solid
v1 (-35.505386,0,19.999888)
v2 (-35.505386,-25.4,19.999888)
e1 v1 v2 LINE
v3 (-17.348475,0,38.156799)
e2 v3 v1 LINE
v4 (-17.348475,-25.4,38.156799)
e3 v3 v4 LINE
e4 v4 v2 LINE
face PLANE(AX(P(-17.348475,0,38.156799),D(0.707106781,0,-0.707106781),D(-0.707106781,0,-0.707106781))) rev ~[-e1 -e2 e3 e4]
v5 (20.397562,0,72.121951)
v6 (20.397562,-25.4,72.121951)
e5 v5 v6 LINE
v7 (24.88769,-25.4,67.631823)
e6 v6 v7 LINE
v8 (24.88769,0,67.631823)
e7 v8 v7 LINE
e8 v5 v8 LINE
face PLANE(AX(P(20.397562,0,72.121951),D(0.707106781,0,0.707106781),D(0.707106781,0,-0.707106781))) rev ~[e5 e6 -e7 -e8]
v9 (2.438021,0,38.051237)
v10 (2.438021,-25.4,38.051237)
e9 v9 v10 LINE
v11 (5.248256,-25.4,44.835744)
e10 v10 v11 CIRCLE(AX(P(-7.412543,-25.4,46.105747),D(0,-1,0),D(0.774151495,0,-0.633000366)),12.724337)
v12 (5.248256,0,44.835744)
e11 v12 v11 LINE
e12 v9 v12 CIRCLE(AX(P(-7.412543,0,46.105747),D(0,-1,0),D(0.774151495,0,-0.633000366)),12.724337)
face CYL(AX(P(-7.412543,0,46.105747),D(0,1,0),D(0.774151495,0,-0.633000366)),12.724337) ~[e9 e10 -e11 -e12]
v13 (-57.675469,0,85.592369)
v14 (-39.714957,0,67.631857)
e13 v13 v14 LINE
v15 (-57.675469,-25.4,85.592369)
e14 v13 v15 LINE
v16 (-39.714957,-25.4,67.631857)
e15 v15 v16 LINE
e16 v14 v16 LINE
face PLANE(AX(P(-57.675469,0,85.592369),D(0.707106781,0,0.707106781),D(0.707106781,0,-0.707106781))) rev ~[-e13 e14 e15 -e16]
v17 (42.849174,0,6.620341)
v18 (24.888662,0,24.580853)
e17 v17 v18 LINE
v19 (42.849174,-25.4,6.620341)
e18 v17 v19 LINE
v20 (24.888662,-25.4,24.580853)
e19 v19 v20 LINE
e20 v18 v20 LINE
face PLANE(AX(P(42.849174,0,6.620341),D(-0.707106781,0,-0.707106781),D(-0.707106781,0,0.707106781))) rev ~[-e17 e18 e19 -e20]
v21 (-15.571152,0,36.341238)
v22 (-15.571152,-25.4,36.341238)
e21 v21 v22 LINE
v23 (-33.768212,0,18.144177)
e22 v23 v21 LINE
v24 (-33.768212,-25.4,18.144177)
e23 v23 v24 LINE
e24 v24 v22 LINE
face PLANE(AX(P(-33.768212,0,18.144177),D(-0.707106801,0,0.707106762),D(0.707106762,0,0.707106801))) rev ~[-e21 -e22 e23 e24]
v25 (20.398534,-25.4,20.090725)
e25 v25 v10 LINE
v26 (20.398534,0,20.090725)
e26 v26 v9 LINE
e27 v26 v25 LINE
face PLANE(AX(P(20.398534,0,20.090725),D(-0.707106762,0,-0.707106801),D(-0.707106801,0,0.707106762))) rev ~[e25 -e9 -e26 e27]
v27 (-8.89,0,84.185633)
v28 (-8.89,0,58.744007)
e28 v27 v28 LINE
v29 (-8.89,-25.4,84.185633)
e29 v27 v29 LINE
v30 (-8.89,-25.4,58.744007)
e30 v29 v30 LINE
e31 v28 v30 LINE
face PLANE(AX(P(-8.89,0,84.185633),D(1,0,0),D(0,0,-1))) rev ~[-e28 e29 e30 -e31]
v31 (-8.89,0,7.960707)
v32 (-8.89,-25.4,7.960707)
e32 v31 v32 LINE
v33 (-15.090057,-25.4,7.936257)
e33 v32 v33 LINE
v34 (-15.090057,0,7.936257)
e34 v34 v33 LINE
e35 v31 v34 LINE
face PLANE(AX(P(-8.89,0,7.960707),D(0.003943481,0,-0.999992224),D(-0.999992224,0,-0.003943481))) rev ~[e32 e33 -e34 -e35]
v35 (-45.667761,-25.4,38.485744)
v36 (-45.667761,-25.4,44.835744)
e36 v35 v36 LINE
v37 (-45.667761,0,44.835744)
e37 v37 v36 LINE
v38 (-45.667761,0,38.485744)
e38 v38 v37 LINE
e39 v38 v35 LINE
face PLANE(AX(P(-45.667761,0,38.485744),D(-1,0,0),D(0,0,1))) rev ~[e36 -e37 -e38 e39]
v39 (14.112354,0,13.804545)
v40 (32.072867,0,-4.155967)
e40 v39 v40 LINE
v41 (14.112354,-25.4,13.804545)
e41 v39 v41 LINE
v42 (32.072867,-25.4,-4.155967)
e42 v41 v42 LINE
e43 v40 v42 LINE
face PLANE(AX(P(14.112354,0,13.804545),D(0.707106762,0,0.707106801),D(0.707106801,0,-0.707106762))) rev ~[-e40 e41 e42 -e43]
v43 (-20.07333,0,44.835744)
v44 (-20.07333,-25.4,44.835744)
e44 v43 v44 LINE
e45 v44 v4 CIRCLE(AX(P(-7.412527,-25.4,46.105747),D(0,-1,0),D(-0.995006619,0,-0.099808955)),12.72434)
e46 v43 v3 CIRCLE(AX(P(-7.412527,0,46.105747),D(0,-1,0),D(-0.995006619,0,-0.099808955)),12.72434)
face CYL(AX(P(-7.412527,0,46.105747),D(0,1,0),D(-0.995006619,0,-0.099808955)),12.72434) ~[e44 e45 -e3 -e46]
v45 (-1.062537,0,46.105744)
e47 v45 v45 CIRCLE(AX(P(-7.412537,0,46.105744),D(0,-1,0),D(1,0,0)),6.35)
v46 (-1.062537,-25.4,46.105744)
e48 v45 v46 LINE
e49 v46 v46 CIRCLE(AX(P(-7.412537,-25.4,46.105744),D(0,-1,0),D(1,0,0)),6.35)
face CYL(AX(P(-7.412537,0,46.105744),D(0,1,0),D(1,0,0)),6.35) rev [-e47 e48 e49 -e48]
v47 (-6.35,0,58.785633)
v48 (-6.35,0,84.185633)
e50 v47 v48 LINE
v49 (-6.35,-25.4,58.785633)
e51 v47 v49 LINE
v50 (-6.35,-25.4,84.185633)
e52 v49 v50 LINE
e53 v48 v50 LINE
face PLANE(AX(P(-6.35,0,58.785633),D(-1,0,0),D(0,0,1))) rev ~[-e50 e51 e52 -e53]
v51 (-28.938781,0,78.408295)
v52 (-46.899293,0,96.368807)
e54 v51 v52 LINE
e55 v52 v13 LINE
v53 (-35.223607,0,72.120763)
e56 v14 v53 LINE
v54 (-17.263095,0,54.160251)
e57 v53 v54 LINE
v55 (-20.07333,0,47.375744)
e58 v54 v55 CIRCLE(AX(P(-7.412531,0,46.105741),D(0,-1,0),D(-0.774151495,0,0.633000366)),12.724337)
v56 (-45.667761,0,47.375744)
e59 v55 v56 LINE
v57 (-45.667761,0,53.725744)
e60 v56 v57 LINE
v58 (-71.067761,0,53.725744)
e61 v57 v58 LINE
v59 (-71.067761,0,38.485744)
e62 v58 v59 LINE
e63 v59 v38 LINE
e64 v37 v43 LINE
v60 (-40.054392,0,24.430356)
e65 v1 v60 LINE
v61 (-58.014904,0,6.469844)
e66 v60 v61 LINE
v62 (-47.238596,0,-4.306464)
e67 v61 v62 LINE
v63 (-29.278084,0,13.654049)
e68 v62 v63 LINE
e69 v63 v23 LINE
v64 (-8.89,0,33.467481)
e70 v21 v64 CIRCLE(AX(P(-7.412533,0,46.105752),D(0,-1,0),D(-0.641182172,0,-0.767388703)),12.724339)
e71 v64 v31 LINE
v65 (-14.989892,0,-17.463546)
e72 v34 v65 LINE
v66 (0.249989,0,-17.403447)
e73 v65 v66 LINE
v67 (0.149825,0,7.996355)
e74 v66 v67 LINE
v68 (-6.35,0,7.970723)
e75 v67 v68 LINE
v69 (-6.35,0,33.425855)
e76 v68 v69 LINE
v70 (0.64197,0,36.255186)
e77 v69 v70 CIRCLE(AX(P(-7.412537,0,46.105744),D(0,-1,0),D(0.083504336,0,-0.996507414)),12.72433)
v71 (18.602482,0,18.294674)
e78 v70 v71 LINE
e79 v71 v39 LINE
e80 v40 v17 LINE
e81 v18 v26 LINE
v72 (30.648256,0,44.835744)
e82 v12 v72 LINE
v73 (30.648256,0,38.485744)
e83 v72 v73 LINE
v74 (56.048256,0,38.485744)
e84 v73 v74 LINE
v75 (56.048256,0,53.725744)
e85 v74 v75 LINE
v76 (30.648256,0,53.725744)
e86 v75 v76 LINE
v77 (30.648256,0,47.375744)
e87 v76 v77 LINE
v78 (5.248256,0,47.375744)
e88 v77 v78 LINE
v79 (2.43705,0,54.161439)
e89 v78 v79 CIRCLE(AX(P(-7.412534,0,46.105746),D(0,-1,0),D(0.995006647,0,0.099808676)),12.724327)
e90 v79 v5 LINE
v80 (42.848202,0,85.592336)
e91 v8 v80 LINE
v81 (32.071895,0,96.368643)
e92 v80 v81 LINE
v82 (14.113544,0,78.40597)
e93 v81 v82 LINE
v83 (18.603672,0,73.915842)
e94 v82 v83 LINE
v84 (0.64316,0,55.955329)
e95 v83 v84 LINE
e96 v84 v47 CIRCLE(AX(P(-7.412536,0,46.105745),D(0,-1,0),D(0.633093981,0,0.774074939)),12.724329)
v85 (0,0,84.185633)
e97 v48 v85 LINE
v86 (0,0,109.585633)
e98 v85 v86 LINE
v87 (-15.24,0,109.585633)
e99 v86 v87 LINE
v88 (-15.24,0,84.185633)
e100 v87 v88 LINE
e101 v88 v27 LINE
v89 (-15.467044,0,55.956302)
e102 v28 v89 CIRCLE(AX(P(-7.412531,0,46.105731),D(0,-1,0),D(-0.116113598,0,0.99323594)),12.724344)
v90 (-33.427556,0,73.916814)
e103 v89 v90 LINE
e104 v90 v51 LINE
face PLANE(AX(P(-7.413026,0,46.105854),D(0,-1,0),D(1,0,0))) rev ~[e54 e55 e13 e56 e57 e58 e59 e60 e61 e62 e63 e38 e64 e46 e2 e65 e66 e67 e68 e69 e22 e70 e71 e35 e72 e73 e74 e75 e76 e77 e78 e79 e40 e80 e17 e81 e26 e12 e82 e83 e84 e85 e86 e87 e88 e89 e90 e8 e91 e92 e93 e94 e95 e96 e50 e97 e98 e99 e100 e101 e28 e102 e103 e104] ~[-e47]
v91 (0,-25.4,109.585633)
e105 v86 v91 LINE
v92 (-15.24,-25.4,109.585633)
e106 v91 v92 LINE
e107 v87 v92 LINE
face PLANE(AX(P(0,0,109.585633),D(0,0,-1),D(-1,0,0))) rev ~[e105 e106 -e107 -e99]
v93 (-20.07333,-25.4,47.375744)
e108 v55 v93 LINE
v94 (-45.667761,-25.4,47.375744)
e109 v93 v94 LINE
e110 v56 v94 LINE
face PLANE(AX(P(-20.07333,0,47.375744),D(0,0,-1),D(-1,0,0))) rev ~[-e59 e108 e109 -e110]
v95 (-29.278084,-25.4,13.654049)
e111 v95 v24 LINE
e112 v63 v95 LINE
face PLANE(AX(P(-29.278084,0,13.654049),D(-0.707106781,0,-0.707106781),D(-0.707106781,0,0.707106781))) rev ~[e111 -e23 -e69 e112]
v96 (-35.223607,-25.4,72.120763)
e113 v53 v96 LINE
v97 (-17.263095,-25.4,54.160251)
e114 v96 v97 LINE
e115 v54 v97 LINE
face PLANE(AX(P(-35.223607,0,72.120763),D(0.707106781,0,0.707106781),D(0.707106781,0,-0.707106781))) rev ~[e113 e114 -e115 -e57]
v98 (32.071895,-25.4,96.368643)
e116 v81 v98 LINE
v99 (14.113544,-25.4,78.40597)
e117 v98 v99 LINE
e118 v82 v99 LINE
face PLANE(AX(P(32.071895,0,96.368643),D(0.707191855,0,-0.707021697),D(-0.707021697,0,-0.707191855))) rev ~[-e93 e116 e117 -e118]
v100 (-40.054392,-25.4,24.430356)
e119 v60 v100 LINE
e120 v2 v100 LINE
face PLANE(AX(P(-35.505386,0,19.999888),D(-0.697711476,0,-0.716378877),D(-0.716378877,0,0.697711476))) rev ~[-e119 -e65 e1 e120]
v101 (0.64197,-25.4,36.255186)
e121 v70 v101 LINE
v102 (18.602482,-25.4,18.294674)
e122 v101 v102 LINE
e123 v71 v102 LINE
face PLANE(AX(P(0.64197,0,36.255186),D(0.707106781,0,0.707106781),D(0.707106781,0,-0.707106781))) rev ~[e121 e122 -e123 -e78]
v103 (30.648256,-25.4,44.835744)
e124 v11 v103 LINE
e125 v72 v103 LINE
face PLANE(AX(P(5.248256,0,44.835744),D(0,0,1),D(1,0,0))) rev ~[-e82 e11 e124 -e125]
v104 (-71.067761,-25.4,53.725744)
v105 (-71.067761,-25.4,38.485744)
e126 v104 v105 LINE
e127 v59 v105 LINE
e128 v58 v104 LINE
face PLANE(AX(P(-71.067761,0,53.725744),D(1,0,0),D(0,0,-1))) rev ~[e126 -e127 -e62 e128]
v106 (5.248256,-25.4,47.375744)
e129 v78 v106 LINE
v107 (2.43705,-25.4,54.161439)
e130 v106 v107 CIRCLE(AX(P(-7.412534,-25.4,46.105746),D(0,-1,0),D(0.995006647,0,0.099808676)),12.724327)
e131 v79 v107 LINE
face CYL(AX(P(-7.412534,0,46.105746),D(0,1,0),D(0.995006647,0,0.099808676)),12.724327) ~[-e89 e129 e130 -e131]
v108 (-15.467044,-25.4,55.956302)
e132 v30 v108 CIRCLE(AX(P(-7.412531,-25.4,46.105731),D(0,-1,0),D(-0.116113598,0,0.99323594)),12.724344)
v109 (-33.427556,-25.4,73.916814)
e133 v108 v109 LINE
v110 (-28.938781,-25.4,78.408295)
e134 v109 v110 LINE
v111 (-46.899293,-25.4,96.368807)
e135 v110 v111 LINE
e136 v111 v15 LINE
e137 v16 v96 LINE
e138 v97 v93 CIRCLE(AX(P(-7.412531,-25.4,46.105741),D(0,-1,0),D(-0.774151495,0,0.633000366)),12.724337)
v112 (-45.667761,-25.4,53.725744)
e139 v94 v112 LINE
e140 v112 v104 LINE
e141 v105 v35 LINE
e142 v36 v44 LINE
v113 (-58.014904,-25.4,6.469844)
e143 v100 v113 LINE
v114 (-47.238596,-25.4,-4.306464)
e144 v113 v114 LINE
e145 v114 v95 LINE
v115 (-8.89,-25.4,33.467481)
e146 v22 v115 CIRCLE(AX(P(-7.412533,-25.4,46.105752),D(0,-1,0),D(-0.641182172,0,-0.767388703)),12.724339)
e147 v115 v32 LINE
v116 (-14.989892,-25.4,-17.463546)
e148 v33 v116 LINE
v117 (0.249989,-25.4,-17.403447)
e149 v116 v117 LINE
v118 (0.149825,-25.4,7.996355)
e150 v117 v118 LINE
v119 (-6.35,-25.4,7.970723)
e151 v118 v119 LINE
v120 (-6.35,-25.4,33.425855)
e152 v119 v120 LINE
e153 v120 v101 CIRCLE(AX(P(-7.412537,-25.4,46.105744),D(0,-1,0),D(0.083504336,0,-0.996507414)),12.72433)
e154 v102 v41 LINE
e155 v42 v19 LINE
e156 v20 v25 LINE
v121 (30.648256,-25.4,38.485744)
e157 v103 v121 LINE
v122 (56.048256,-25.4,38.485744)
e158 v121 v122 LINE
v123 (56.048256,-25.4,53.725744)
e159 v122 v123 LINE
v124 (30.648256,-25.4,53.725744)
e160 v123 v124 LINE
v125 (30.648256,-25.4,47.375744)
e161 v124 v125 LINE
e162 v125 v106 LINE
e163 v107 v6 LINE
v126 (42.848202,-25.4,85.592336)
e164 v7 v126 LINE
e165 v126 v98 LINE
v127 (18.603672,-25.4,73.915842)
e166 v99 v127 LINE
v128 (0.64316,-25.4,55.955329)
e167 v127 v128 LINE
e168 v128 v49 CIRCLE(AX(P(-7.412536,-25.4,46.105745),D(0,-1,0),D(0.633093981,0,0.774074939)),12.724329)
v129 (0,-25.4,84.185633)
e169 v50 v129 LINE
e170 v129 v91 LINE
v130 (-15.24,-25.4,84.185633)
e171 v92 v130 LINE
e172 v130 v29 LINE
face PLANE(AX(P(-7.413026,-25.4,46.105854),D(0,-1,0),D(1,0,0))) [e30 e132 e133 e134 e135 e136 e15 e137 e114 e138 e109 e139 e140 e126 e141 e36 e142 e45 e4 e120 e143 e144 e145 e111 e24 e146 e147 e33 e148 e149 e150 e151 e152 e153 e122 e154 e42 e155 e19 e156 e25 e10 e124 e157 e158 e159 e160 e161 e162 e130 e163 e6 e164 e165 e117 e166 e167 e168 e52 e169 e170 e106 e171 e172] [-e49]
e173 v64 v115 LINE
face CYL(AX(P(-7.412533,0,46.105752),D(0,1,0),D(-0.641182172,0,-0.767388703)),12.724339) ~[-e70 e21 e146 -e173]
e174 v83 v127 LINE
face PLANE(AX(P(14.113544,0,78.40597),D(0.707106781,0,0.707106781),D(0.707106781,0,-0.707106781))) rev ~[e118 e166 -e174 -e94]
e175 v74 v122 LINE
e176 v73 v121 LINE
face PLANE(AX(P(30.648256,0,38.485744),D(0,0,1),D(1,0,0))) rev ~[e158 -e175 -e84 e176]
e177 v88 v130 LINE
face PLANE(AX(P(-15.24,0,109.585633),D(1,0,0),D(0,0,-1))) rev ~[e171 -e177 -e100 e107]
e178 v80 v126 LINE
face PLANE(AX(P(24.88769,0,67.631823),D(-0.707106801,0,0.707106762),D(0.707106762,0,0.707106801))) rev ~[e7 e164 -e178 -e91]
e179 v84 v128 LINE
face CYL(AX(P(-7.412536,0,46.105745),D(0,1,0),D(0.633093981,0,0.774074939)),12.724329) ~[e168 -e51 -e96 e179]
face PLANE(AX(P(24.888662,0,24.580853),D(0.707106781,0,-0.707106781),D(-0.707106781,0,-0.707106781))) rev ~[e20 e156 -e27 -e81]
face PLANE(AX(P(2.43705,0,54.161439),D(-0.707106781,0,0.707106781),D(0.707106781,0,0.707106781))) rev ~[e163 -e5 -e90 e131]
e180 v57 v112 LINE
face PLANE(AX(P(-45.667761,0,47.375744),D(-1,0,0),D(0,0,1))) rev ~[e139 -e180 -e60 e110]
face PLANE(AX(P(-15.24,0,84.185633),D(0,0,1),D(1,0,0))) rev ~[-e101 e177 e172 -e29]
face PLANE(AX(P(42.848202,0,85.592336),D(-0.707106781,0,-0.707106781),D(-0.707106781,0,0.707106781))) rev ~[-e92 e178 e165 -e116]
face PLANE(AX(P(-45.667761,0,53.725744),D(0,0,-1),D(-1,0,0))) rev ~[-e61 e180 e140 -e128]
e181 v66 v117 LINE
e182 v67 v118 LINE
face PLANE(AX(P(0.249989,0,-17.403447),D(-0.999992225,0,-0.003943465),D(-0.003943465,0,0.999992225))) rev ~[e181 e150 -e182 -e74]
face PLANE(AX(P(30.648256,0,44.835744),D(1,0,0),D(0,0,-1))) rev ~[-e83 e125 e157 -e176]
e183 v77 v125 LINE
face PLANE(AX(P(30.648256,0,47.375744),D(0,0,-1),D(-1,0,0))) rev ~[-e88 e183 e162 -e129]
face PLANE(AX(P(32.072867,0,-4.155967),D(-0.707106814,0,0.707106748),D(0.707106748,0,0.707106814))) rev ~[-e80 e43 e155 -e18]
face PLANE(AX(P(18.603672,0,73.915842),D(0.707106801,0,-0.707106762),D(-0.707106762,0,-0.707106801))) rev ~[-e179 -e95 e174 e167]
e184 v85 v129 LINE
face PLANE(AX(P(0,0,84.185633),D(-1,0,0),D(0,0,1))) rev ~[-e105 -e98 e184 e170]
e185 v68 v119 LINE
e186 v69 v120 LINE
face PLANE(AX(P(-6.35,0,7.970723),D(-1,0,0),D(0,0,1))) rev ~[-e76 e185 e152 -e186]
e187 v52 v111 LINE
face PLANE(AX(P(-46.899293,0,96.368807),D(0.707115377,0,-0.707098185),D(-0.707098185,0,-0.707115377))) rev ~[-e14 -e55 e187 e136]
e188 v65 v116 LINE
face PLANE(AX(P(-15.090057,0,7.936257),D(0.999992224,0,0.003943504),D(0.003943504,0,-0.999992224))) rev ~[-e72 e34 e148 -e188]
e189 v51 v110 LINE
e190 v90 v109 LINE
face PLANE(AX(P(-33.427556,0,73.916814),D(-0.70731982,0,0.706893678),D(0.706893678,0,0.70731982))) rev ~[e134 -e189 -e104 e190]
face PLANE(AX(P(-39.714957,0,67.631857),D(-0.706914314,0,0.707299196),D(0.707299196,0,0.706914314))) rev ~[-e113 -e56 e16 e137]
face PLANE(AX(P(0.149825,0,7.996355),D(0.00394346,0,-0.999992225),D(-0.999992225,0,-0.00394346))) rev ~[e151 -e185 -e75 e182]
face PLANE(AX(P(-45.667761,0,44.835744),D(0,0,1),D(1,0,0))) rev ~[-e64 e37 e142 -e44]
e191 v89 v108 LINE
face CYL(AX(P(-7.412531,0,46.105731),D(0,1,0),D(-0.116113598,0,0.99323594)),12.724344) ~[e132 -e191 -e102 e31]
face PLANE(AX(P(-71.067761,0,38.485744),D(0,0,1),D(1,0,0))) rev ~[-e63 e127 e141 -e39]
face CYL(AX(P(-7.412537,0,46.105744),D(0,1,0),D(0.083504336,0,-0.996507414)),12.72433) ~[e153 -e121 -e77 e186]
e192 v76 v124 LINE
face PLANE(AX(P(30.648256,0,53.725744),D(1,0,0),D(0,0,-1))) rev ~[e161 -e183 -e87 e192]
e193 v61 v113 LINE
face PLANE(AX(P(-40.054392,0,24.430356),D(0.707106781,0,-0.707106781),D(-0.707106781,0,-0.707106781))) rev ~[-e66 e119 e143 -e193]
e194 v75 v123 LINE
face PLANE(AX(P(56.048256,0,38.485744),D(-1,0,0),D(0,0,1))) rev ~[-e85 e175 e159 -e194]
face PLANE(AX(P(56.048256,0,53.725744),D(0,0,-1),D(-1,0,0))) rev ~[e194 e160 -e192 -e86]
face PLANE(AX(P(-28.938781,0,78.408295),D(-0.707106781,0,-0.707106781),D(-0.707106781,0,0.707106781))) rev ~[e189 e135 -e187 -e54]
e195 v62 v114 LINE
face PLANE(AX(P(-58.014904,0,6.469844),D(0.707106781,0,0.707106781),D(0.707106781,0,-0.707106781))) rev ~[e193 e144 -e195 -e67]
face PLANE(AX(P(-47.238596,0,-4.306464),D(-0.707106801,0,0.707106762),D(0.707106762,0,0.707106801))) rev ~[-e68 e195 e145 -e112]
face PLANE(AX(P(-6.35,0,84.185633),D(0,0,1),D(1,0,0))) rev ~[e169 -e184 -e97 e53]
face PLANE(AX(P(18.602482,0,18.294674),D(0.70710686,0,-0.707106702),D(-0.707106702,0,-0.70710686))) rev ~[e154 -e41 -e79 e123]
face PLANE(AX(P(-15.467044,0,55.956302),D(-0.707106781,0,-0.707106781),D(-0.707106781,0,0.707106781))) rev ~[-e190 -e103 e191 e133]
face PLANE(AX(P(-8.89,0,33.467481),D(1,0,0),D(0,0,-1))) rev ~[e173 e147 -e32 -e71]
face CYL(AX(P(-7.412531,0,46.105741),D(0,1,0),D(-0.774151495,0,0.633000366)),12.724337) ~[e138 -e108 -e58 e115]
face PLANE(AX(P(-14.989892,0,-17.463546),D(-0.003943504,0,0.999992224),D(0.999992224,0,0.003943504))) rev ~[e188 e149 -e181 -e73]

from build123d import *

# Parameters (mm, degrees)
F0_R     = 6.35
F1_DEPTH = 25.4


with BuildPart() as f1:
    # F0 (on Front) → F1 (new body)
    with BuildSketch(Plane.XZ):
        with BuildLine():
            ThreePointArc((5.248256, 44.835744), (5.295899, 45.46995), (5.311793, 46.105744))
            ThreePointArc((5.311793, 46.105744), (5.295899, 46.741538), (5.248256, 47.375744))
            ThreePointArc((5.248256, 47.375744), (4.342918, 50.975843), (2.43705, 54.161439))
            ThreePointArc((2.43705, 54.161439), (1.584924, 55.103204), (0.64316, 55.955329))
            ThreePointArc((0.64316, 55.955329), (-2.638838, 57.900674), (-6.35, 58.785633))
            ThreePointArc((-6.35, 58.785633), (-7.621041, 58.828366), (-8.89, 58.744007))
            ThreePointArc((-8.89, 58.744007), (-12.378162, 57.821167), (-15.467044, 55.956302))
            ThreePointArc((-15.467044, 55.956302), (-16.409997, 55.103204), (-17.263095, 54.160251))
            ThreePointArc((-17.263095, 54.160251), (-19.168285, 50.975134), (-20.07333, 47.375744))
            ThreePointArc((-20.07333, 47.375744), (-20.136867, 46.105744), (-20.07333, 44.835744))
            ThreePointArc((-20.07333, 44.835744), (-19.194096, 41.29914), (-17.348475, 38.156799))
            ThreePointArc((-17.348475, 38.156799), (-16.505241, 37.204547), (-15.571152, 36.341238))
            ThreePointArc((-15.571152, 36.341238), (-12.440272, 34.416841), (-8.89, 33.467481))
            ThreePointArc((-8.89, 33.467481), (-7.621041, 33.383122), (-6.35, 33.425855))
            ThreePointArc((-6.35, 33.425855), (-2.63955, 34.310526), (0.64197, 36.255186))
            ThreePointArc((0.64197, 36.255186), (1.584923, 37.108284), (2.438021, 38.051237))
            ThreePointArc((2.438021, 38.051237), (4.343211, 41.236354), (5.248256, 44.835744))
        make_face()
        with Locations((-7.412537, 46.105744)):
            Circle(F0_R, mode=Mode.SUBTRACT)
        with BuildLine():
            ThreePointArc((5.248256, 47.375744), (5.295899, 46.741538), (5.311793, 46.105744))
            ThreePointArc((5.311793, 46.105744), (5.295899, 45.46995), (5.248256, 44.835744))
            Line((5.248256, 44.835744), (30.648256, 44.835744))
            Line((30.648256, 44.835744), (30.648256, 47.375744))
            Line((30.648256, 47.375744), (5.248256, 47.375744))
        make_face()
        with BuildLine():
            ThreePointArc((0.64316, 55.955329), (1.584924, 55.103204), (2.43705, 54.161439))
            Line((2.43705, 54.161439), (20.397562, 72.121951))
            Line((20.397562, 72.121951), (18.603672, 73.915842))
            Line((18.603672, 73.915842), (0.64316, 55.955329))
        make_face()
        Polygon((30.648256, 53.725744), (30.648256, 47.375744), (30.648256, 44.835744), (30.648256, 38.485744), (56.048256, 38.485744), (56.048256, 53.725744), align=None)
        with BuildLine():
            Line((20.398534, 20.090725), (2.438021, 38.051237))
            ThreePointArc((2.438021, 38.051237), (1.584923, 37.108284), (0.64197, 36.255186))
            Line((0.64197, 36.255186), (18.602482, 18.294674))
            Line((18.602482, 18.294674), (20.398534, 20.090725))
        make_face()
        Polygon((18.603672, 73.915842), (20.397562, 72.121951), (24.88769, 67.631823), (42.848202, 85.592336), (32.071895, 96.368643), (14.113544, 78.40597), align=None)
        Polygon((24.888662, 24.580853), (20.398534, 20.090725), (18.602482, 18.294674), (14.112354, 13.804545), (32.072867, -4.155967), (42.849174, 6.620341), align=None)
        with BuildLine():
            ThreePointArc((-8.89, 58.744007), (-7.621041, 58.828366), (-6.35, 58.785633))
            Line((-6.35, 58.785633), (-6.35, 84.185633))
            Line((-6.35, 84.185633), (-8.89, 84.185633))
            Line((-8.89, 84.185633), (-8.89, 58.744007))
        make_face()
        with BuildLine():
            Line((-6.35, 7.970723), (-6.35, 33.425855))
            ThreePointArc((-6.35, 33.425855), (-7.621041, 33.383122), (-8.89, 33.467481))
            Line((-8.89, 33.467481), (-8.89, 7.960707))
            Line((-8.89, 7.960707), (-6.35, 7.970723))
        make_face()
        Polygon((-8.89, 84.185633), (-6.35, 84.185633), (0, 84.185633), (0, 109.585633), (-15.24, 109.585633), (-15.24, 84.185633), align=None)
        Polygon((0.149825, 7.996355), (-6.35, 7.970723), (-8.89, 7.960707), (-15.090057, 7.936257), (-14.989892, -17.463546), (0.249989, -17.403447), align=None)
        with BuildLine():
            ThreePointArc((-17.263095, 54.160251), (-16.409997, 55.103204), (-15.467044, 55.956302))
            Line((-15.467044, 55.956302), (-33.427556, 73.916814))
            Line((-33.427556, 73.916814), (-35.223607, 72.120763))
            Line((-35.223607, 72.120763), (-17.263095, 54.160251))
        make_face()
        with BuildLine():
            Line((-33.768212, 18.144177), (-15.571152, 36.341238))
            ThreePointArc((-15.571152, 36.341238), (-16.505241, 37.204547), (-17.348475, 38.156799))
            Line((-17.348475, 38.156799), (-35.505386, 19.999888))
            Line((-35.505386, 19.999888), (-33.768212, 18.144177))
        make_face()
        Polygon((-35.223607, 72.120763), (-33.427556, 73.916814), (-28.938781, 78.408295), (-46.899293, 96.368807), (-57.675469, 85.592369), (-39.714957, 67.631857), align=None)
        Polygon((-29.278084, 13.654049), (-33.768212, 18.144177), (-35.505386, 19.999888), (-40.054392, 24.430356), (-58.014904, 6.469844), (-47.238596, -4.306464), align=None)
        with BuildLine():
            ThreePointArc((-20.07333, 44.835744), (-20.136867, 46.105744), (-20.07333, 47.375744))
            Line((-20.07333, 47.375744), (-45.667761, 47.375744))
            Line((-45.667761, 47.375744), (-45.667761, 44.835744))
            Line((-45.667761, 44.835744), (-20.07333, 44.835744))
        make_face()
        Polygon((-45.667761, 44.835744), (-45.667761, 47.375744), (-45.667761, 53.725744), (-71.067761, 53.725744), (-71.067761, 38.485744), (-45.667761, 38.485744), align=None)
    extrude(amount=F1_DEPTH)


solid = f1.part
